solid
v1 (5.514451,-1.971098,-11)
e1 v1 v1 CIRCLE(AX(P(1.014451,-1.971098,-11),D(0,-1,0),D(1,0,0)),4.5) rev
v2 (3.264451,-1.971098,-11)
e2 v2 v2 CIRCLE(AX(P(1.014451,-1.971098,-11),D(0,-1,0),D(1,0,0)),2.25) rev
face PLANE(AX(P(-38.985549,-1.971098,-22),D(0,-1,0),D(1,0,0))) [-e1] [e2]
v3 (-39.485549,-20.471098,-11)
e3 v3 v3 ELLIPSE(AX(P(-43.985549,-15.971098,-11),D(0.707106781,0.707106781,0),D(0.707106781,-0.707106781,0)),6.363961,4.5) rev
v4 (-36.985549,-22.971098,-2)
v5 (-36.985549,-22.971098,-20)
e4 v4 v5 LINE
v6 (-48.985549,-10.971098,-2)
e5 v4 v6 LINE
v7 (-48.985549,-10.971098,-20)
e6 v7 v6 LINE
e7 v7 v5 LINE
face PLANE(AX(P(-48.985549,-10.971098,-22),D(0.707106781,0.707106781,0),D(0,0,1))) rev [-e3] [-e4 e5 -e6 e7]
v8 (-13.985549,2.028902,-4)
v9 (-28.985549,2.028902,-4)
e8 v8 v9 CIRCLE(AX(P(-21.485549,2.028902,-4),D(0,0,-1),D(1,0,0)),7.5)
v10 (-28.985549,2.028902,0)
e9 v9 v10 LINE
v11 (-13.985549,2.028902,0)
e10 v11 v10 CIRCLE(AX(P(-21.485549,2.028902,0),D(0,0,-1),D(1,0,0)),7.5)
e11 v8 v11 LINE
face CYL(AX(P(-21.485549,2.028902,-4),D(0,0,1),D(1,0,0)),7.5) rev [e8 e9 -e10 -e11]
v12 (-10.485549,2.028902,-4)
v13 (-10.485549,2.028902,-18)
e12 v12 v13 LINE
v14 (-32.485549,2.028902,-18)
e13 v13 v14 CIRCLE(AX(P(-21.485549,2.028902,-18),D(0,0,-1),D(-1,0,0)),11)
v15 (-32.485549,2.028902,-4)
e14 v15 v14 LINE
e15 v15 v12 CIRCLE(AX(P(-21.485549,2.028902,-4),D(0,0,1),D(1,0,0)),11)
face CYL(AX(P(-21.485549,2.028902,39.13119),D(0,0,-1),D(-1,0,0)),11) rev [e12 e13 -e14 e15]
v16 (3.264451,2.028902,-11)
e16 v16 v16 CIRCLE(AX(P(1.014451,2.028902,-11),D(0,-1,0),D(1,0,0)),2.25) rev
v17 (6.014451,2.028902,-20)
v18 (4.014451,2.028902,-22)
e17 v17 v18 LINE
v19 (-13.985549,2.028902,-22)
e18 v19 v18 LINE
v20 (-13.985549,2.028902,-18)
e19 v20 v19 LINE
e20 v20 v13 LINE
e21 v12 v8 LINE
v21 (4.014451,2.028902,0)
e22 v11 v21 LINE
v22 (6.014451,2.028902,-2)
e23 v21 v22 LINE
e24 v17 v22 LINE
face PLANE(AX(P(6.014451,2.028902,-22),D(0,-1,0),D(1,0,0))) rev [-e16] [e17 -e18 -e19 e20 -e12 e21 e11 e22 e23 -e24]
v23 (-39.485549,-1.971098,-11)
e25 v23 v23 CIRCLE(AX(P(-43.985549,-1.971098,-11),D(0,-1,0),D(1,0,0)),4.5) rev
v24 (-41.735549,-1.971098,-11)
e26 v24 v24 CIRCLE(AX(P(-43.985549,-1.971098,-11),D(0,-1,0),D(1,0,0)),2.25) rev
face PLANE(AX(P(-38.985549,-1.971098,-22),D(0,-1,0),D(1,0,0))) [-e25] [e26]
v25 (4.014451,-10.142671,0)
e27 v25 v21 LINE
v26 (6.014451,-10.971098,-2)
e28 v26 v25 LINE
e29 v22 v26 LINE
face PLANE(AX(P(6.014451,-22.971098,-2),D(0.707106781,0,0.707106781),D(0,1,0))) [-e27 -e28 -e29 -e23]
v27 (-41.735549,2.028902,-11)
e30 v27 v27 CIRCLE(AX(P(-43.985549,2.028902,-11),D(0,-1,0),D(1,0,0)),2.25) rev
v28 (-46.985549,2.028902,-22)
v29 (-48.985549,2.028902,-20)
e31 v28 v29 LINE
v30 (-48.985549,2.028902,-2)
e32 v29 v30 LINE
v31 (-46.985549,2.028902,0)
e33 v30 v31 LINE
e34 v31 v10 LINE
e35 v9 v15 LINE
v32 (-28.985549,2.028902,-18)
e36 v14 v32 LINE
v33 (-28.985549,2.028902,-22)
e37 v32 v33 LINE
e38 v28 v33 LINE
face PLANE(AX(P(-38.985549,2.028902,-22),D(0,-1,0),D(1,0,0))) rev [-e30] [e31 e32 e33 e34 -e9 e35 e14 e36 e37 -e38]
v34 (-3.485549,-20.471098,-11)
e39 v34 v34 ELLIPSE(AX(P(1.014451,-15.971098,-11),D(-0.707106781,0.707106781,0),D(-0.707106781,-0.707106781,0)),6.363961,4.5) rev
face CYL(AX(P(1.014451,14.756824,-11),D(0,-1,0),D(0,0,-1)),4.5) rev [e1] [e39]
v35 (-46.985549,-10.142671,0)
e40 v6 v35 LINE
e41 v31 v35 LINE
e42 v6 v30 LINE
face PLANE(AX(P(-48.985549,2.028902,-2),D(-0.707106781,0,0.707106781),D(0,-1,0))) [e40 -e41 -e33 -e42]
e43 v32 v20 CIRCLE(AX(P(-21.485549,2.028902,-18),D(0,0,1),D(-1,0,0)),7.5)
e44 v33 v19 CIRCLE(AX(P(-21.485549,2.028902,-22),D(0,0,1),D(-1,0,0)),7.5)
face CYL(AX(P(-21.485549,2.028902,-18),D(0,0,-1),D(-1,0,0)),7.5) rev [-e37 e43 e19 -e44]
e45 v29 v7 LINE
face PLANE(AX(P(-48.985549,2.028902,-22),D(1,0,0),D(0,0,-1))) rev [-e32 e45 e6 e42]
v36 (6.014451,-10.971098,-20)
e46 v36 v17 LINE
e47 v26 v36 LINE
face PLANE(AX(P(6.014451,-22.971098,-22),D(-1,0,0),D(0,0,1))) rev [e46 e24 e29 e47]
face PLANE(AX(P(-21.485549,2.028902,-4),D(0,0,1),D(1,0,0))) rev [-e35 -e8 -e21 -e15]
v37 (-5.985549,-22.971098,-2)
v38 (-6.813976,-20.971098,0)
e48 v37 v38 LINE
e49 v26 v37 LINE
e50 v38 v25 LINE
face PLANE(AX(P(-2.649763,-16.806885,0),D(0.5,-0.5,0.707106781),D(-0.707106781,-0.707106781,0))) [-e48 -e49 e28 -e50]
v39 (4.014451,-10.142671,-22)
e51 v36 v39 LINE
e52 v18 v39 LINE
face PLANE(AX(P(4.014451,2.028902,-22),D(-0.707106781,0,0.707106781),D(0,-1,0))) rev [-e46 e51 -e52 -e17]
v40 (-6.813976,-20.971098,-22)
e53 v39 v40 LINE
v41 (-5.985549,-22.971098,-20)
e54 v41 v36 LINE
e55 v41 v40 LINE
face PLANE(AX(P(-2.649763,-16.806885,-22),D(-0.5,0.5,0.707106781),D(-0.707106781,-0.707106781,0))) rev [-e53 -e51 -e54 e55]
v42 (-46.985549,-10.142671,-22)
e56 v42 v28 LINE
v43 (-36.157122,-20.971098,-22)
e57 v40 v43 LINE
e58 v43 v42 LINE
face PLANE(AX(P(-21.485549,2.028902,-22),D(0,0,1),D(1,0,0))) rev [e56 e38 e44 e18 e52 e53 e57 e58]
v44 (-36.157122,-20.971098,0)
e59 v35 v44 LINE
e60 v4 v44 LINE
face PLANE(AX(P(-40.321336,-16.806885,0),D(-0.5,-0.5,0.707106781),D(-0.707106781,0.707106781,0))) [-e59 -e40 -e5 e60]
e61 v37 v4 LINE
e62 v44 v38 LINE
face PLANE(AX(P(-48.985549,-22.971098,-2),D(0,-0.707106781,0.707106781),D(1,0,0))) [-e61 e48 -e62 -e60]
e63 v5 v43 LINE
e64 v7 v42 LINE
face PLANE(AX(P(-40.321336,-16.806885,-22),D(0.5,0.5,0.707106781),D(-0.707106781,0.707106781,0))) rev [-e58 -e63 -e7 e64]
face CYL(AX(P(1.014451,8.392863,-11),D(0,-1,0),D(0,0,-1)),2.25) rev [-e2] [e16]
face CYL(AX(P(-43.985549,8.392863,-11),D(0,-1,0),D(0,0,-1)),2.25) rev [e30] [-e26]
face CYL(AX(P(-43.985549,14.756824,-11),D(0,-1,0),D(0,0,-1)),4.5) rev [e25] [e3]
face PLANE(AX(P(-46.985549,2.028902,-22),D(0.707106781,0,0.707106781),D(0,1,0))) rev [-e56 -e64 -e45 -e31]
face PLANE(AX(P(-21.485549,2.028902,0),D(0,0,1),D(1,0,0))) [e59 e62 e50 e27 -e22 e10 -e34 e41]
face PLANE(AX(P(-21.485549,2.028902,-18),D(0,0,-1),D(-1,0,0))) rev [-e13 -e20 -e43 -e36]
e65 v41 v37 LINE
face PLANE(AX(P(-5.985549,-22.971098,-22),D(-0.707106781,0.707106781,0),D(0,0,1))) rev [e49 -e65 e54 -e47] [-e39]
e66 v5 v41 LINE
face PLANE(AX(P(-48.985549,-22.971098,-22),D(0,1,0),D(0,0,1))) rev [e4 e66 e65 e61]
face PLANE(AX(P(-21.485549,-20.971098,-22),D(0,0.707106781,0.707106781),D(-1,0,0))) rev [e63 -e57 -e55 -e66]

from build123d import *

# Parameters (mm, degrees)
BOSS_EXTRUDE1_DEPTH = 22
CHAMFER1_SIZE       = 12
SKETCH2_R           = 2.25
CUT_EXTRUDE1_DEPTH  = 25
SKETCH2_4_R         = 4.5
SKETCH2_4_R_2       = 2.25
CUT_EXTRUDE2_DEPTH  = 21
CHAMFER2_SIZE       = 2
BOSS_EXTRUDE2_START = -22
BOSS_EXTRUDE2_DEPTH = 22
BOSS_EXTRUDE3_DEPTH = 4
BOSS_EXTRUDE4_START = -4
BOSS_EXTRUDE4_DEPTH = 4


with BuildPart() as part:
    # Sketch1 → Boss-Extrude1 (new body)
    with BuildSketch(Plane(origin=(0, 0, 0), x_dir=(1, 0, 0), z_dir=(0, 0, -1))):
        with BuildLine():
            Line((-38.985549133, -2.028901734), (-48.985549133, -2.028901734))
            Line((-48.985549133, -2.028901734), (-48.985549133, 22.971098266))
            Line((-48.985549133, 22.971098266), (6.014450867, 22.971098266))
            Line((6.014450867, 22.971098266), (6.014450867, -2.028901734))
            Line((6.014450867, -2.028901734), (-3.985549133, -2.028901734))
            ThreePointArc((-3.985549133, -2.028901734), (-21.485549133, 15.471098266), (-38.985549133, -2.028901734))
        make_face()
    extrude(amount=BOSS_EXTRUDE1_DEPTH)

    # Chamfer1
    chamfer1_edges = [part.edges().sort_by_distance(p)[0] for p in [
        (-48.985549133, -22.971098266, -11),
        (6.014450867, -22.971098266, -11),
    ]]
    chamfer(chamfer1_edges, length=CHAMFER1_SIZE)

    # Sketch2 → Cut-Extrude1 (cut)
    with BuildSketch(Plane(origin=(0, -22.971098266, 0), x_dir=(-1, 0, 0), z_dir=(0, -1, 0))):
        with Locations(Location((43.985549133, 11, 0), (0, 0, 180))):
            Circle(SKETCH2_R)
        with Locations((-1.014450867, 11)):
            Circle(SKETCH2_R)
    extrude(amount=-CUT_EXTRUDE1_DEPTH, mode=Mode.SUBTRACT)

    # Sketch2<4> → Cut-Extrude2 (cut)
    # profile 1 of 2: a face of its own
    with BuildSketch(Plane(origin=(0, -22.971098266, 0), x_dir=(-1, 0, 0), z_dir=(0, -1, 0))):
        with Locations(Location((43.985549133, 11, 0), (0, 0, 180))):
            Circle(SKETCH2_4_R)
        with Locations(Location((43.985549133, 11, 0), (0, 0, 180))):
            Circle(SKETCH2_4_R_2, mode=Mode.SUBTRACT)
    # profile 2 of 2: a face of its own
    with BuildSketch(Plane(origin=(0, -22.971098266, 0), x_dir=(-1, 0, 0), z_dir=(0, -1, 0))):
        with Locations((-1.014450867, 11)):
            Circle(SKETCH2_4_R)
        with Locations(Location((-1.014450867, 11, 0), (0, 0, 180))):
            Circle(SKETCH2_4_R_2, mode=Mode.SUBTRACT)
    extrude(amount=-CUT_EXTRUDE2_DEPTH, mode=Mode.SUBTRACT)

    # Chamfer2
    chamfer2_edges = [part.edges().sort_by_distance(p)[0] for p in [
        (6.014450867, -4.471098266, -22),
        (-21.485549133, -22.971098266, 0),
        (-21.485549133, -22.971098266, -22),
        (-48.985549133, -4.471098266, 0),
        (-42.985549133, -16.971098266, 0),
        (0.014450867, -16.971098266, 0),
        (-48.985549133, -4.471098266, -22),
        (-42.985549133, -16.971098266, -22),
        (0.014450867, -16.971098266, -22),
        (6.014450867, -4.471098266, 0),
    ]]
    chamfer(chamfer2_edges, length=CHAMFER2_SIZE)

    # Sketch3 → Boss-Extrude2 (add)
    with BuildSketch(Plane(origin=(0, 0, -22), x_dir=(-1, 0, 0), z_dir=(0, 0, -1)).offset(BOSS_EXTRUDE2_START)):
        with BuildLine():
            Line((3.985549133, 2.028901734), (10.485549133, 2.028901734))
            ThreePointArc((10.485549133, 2.028901734), (21.485549133, -8.971098266), (32.485549133, 2.028901734))
            Line((32.485549133, 2.028901734), (38.985549133, 2.028901734))
            ThreePointArc((38.985549133, 2.028901734), (21.485549133, -15.471098266), (3.985549133, 2.028901734))
        make_face()
    extrude(amount=BOSS_EXTRUDE2_DEPTH)

    # Sketch4 → Boss-Extrude3 (add)
    with BuildSketch(Plane.XY):
        with BuildLine():
            Line((-32.485549133, 2.028901734), (-28.985549133, 2.028901734))
            ThreePointArc((-28.985549133, 2.028901734), (-21.485549133, -5.471098266), (-13.985549133, 2.028901734))
            Line((-13.985549133, 2.028901734), (-10.485549133, 2.028901734))
            ThreePointArc((-10.485549133, 2.028901734), (-21.485549133, -8.971098266), (-32.485549133, 2.028901734))
        make_face()
    extrude(amount=-BOSS_EXTRUDE3_DEPTH)

    # Sketch5 → Boss-Extrude4 (add)
    with BuildSketch(Plane(origin=(0, 0, -22), x_dir=(-1, 0, 0), z_dir=(0, 0, -1)).offset(BOSS_EXTRUDE4_START)):
        with BuildLine():
            Line((10.485549133, 2.028901734), (13.985549133, 2.028901734))
            ThreePointArc((13.985549133, 2.028901734), (21.485549133, -5.471098266), (28.985549133, 2.028901734))
            Line((28.985549133, 2.028901734), (32.485549133, 2.028901734))
            ThreePointArc((32.485549133, 2.028901734), (21.485549133, -8.971098266), (10.485549133, 2.028901734))
        make_face()
    extrude(amount=BOSS_EXTRUDE4_DEPTH)


solid = part.part
